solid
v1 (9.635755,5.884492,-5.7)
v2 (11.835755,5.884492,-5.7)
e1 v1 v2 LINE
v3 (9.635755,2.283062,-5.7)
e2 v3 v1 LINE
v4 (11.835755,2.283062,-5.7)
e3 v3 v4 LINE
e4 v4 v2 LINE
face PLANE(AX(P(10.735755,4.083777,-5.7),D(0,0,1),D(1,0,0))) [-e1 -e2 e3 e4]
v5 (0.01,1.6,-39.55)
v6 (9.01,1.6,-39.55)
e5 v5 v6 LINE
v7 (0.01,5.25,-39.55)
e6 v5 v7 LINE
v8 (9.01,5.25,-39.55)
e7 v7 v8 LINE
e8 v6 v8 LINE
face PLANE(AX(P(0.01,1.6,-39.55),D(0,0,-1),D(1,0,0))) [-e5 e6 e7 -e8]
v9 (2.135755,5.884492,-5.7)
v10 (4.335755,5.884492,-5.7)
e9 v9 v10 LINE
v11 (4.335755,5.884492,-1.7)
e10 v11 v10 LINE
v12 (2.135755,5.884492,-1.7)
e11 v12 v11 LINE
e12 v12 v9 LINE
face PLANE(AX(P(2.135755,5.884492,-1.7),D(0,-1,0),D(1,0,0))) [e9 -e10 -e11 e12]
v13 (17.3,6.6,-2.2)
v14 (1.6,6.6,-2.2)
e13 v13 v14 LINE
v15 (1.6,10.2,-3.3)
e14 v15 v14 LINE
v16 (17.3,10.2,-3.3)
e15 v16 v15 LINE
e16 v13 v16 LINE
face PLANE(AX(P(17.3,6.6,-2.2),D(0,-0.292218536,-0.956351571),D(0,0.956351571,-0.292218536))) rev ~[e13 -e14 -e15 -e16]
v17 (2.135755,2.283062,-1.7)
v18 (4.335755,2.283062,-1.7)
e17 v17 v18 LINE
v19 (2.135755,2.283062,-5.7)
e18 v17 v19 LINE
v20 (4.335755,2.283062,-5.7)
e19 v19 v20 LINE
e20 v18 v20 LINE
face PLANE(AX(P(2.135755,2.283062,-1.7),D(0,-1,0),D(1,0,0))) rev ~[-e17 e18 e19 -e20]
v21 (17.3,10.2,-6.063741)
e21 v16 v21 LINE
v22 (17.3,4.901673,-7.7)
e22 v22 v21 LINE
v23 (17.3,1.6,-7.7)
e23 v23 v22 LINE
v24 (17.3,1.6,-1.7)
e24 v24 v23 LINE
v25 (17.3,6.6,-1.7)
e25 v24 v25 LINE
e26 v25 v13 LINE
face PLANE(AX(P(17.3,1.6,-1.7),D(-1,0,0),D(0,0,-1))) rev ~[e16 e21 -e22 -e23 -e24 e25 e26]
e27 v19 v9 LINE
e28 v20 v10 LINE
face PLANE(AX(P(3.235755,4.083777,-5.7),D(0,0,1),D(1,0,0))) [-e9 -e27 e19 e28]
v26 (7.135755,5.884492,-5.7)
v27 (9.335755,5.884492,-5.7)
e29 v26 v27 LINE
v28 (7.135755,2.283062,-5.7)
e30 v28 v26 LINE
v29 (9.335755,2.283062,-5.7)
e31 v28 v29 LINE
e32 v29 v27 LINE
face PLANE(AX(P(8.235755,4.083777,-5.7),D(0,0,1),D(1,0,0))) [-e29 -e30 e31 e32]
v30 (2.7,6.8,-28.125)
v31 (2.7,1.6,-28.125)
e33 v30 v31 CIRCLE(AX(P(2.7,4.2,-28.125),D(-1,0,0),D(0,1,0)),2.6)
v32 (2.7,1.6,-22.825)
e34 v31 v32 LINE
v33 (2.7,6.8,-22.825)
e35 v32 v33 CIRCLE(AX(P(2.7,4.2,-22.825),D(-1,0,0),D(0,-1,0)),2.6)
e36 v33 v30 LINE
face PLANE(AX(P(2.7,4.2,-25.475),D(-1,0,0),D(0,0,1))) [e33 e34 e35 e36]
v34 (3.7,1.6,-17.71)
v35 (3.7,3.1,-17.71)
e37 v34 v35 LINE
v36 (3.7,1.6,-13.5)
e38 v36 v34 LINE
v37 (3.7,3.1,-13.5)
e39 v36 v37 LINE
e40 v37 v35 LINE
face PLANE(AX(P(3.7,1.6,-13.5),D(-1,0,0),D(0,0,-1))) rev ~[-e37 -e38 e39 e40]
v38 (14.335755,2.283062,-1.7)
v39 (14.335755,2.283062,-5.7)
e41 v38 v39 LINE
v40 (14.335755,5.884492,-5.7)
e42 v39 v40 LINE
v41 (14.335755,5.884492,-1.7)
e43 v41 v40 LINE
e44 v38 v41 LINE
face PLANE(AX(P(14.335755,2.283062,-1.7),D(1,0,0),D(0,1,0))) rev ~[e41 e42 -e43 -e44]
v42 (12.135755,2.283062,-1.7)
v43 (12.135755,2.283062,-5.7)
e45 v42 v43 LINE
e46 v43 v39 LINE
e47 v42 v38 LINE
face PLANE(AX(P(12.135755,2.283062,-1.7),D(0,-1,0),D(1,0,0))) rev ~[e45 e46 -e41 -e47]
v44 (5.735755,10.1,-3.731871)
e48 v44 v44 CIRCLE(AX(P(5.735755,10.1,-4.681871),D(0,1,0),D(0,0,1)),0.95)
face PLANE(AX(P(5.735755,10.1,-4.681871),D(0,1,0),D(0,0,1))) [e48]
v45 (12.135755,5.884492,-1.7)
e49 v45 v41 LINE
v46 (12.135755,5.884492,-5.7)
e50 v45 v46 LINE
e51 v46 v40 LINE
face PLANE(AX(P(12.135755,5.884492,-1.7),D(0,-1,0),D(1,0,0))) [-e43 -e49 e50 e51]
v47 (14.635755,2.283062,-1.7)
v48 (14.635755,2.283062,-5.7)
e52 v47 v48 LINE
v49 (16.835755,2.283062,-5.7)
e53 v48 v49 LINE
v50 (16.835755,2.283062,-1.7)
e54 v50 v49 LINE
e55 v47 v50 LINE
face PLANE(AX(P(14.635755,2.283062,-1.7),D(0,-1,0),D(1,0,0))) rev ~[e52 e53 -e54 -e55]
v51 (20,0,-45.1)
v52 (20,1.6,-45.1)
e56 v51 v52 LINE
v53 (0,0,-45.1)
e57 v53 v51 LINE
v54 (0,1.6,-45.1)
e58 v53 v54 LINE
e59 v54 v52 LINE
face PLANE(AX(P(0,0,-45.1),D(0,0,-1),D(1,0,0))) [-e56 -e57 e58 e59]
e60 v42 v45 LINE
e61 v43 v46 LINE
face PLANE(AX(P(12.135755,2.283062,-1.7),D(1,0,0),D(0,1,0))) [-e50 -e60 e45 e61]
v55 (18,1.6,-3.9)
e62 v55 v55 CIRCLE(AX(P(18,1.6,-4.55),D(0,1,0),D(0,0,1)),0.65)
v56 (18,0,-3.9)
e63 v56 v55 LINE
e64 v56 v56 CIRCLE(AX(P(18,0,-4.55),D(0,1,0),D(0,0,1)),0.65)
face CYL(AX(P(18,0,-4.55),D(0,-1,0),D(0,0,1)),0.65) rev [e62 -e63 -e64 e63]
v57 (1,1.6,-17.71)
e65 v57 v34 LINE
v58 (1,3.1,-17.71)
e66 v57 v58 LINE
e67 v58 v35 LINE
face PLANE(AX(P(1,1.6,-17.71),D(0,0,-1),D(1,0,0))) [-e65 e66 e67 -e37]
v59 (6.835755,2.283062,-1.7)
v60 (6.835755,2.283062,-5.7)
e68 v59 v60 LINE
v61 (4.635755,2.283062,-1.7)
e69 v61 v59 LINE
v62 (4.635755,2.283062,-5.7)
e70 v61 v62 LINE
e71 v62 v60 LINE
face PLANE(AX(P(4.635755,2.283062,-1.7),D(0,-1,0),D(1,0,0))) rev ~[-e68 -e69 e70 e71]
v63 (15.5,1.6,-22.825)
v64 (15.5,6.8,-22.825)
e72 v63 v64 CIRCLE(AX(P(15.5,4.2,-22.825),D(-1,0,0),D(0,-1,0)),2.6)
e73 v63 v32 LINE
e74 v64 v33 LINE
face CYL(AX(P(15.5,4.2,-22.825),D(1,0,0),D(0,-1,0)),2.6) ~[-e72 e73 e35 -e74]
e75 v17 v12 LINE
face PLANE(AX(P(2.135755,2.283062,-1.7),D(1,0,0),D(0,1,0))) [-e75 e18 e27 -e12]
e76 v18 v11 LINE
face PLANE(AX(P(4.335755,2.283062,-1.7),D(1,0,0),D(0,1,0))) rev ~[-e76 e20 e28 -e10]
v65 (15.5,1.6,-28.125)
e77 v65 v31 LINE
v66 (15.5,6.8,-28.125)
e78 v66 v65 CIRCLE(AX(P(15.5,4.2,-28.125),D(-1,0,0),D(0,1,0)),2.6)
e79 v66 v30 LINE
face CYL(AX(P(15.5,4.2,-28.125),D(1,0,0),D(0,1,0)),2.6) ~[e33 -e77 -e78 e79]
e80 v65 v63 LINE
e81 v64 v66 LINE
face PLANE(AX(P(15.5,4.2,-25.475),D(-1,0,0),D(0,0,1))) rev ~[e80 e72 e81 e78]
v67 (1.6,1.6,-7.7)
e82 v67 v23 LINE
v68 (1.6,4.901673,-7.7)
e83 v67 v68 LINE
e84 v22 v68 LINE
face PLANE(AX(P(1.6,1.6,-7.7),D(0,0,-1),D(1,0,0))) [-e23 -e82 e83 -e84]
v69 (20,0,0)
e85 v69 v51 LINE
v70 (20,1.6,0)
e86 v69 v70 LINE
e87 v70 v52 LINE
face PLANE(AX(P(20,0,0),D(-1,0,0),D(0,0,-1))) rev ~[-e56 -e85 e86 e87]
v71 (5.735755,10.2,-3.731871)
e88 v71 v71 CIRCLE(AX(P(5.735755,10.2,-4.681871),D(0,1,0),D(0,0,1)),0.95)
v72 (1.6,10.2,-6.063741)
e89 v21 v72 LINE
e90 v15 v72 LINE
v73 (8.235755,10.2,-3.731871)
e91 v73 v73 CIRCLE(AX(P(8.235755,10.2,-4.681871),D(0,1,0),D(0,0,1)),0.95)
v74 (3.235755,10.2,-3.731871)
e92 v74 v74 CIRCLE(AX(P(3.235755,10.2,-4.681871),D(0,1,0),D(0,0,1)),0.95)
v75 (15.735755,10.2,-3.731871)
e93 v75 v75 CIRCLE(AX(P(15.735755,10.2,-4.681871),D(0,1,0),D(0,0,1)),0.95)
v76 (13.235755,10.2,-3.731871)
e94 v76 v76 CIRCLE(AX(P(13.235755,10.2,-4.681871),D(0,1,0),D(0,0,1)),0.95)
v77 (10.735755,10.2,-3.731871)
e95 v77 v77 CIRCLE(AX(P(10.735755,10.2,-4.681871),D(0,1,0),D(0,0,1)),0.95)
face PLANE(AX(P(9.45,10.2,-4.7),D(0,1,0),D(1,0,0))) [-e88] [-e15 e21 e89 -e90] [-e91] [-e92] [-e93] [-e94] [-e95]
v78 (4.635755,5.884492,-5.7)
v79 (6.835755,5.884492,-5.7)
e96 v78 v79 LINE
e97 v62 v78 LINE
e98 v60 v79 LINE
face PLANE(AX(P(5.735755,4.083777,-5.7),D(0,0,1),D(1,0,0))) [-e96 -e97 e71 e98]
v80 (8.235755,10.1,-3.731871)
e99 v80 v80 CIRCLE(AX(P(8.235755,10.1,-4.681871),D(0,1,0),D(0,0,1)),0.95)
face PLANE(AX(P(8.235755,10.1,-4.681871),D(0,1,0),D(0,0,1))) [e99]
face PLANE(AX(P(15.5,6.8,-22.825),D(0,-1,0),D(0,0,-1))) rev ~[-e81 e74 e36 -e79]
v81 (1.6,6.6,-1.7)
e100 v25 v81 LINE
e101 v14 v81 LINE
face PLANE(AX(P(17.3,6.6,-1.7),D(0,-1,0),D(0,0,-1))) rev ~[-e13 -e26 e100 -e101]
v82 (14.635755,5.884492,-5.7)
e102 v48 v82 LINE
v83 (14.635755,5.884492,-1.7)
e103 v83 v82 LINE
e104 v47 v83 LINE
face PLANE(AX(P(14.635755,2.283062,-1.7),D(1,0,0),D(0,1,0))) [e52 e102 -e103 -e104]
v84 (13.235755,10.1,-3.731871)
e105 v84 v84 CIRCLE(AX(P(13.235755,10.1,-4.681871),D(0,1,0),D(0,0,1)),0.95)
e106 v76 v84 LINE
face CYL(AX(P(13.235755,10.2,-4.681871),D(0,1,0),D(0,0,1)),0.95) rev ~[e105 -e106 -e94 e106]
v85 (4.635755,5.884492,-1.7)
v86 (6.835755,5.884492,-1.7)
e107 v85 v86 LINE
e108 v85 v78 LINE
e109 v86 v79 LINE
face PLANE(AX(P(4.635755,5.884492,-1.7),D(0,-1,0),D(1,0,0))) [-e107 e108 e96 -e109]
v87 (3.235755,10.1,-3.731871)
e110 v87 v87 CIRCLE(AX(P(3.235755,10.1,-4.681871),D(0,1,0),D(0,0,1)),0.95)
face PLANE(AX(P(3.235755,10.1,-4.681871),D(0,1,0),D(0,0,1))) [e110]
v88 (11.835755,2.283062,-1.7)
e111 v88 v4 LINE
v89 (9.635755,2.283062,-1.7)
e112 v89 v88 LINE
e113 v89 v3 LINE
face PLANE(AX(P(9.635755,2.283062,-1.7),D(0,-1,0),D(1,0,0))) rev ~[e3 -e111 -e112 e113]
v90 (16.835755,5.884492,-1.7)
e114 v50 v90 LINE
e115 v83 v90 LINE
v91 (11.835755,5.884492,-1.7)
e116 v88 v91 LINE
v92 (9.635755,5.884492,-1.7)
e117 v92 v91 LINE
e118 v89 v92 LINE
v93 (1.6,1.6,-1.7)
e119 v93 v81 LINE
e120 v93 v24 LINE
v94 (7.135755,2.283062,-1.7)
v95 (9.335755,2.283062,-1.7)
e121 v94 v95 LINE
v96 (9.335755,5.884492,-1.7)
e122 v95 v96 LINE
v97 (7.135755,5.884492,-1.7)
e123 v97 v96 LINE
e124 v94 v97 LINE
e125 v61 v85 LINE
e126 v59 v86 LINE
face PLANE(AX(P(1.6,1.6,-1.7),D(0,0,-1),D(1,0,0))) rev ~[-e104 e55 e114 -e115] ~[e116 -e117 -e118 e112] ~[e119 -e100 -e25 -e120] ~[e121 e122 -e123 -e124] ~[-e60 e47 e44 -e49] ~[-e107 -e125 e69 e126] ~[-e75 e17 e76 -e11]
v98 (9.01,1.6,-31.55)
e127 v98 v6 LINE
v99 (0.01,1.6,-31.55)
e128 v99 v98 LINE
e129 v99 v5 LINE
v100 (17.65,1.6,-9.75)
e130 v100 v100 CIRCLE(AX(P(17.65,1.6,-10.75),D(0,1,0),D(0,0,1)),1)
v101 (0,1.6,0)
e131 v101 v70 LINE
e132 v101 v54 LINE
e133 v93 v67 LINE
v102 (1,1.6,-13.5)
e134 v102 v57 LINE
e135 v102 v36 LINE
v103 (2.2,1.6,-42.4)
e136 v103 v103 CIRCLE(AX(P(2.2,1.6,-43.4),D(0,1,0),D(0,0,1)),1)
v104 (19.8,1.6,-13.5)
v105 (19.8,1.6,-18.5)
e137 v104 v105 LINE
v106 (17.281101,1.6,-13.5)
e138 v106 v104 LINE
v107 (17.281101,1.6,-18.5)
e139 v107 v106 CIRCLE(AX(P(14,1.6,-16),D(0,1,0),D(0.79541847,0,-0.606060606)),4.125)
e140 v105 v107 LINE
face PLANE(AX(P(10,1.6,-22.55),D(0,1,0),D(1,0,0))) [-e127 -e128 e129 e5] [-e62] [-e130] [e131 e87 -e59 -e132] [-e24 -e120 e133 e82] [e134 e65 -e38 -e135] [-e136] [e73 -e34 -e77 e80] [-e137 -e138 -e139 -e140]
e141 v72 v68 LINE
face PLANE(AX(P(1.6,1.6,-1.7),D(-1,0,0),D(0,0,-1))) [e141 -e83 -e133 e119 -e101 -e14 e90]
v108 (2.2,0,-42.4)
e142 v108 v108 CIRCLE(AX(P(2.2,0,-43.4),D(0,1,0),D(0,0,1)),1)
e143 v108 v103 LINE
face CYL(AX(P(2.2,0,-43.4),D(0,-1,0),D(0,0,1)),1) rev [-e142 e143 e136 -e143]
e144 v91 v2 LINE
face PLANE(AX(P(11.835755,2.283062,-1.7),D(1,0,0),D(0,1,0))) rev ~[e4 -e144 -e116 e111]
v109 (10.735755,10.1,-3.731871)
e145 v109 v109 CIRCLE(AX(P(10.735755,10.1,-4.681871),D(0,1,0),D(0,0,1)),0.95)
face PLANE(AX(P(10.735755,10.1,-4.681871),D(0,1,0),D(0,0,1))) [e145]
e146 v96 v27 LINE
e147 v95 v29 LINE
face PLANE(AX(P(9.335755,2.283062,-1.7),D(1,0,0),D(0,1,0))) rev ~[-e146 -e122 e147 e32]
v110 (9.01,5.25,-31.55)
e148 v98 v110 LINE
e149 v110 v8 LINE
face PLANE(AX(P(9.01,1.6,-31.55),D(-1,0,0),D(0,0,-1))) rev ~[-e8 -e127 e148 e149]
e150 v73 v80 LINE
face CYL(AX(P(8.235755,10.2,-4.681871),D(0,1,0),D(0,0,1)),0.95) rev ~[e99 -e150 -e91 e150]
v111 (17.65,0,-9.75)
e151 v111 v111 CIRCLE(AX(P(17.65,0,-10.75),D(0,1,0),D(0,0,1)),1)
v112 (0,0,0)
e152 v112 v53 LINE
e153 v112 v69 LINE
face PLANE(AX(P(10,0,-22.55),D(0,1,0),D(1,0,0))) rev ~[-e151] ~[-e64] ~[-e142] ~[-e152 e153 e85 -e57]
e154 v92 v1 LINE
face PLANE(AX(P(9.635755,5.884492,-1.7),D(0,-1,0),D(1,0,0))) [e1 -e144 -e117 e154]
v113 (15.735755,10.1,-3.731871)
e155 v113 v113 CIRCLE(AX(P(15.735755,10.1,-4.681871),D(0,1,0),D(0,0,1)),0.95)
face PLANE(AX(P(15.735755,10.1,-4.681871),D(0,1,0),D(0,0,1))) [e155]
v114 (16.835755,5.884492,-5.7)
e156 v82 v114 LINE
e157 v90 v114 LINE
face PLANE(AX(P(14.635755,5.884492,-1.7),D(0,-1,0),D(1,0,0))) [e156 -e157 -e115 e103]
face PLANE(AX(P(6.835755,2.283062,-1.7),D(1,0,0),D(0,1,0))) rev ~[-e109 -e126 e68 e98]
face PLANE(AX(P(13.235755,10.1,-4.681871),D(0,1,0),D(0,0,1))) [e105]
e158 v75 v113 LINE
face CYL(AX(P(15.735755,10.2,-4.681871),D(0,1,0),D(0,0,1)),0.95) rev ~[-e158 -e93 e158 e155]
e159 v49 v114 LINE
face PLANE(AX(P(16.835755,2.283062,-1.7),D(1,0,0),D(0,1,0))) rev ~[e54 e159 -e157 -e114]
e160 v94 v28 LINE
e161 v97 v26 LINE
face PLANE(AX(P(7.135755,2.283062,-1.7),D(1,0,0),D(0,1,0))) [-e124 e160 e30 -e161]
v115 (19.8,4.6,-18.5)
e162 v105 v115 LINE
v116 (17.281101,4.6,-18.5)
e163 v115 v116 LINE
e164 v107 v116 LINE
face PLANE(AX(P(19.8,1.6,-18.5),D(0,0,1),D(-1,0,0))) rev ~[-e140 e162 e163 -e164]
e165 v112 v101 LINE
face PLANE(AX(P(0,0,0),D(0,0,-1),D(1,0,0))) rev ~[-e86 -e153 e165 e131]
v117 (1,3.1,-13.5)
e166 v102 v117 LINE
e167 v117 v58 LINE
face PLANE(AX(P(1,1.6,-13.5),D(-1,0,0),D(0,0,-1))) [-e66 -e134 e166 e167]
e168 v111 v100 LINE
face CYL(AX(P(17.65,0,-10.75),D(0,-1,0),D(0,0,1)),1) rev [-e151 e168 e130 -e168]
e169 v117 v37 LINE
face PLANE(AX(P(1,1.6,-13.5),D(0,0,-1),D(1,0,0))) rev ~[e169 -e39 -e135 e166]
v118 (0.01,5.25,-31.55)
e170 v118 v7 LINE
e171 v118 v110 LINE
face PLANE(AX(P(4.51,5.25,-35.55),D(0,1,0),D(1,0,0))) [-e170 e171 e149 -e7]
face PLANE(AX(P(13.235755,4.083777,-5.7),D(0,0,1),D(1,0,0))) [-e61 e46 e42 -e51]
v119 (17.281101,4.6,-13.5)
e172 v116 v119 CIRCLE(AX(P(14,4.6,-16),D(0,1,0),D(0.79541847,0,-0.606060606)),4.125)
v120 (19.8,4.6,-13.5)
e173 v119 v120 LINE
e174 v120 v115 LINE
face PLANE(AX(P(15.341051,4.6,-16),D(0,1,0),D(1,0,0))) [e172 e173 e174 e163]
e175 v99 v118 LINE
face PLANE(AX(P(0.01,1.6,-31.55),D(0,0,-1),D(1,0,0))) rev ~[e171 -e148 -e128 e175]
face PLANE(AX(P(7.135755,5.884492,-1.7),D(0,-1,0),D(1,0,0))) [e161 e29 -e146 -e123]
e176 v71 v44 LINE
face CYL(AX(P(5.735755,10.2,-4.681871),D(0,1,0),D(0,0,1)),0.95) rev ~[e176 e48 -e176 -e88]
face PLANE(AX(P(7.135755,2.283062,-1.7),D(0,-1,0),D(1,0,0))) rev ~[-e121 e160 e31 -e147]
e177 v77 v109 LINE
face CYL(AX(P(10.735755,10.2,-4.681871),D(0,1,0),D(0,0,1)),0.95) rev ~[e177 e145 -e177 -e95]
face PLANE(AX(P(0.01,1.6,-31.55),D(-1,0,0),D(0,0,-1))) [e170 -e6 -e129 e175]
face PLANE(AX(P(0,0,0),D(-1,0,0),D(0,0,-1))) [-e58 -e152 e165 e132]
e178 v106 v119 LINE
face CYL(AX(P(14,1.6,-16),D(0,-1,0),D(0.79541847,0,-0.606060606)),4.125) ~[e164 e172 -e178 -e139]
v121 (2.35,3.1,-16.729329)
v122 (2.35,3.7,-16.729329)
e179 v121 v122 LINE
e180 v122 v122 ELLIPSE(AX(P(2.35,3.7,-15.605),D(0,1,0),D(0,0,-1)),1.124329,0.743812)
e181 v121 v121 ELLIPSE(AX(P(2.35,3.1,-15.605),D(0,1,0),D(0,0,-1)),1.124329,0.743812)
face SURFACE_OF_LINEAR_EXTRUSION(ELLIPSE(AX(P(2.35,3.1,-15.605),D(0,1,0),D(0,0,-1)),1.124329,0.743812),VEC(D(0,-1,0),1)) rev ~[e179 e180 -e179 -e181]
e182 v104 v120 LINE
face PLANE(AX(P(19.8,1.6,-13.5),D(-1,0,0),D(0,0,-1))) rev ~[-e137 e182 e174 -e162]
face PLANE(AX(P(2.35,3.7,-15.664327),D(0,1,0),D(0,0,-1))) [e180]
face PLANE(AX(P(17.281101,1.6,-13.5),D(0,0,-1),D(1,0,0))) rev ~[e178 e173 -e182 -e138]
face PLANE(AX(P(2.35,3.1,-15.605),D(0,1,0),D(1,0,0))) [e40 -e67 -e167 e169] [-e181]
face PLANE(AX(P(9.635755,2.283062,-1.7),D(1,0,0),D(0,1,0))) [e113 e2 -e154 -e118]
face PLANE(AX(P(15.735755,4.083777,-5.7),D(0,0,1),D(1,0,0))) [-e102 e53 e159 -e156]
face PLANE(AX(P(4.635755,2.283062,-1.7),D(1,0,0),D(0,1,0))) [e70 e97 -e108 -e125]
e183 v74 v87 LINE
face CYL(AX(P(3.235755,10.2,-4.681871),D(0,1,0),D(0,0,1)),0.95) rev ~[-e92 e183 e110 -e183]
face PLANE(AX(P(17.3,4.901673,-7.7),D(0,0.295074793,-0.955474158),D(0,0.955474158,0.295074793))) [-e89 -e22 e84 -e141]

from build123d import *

# Parameters (mm, degrees)
SKETCH1_W           = 20
SKETCH1_H           = 45.1
SKETCH1_R           = 1
SKETCH1_R_2         = 0.65
BOSS_EXTRUDE1_DEPTH = 1.6
SKETCH2_W           = 15.7
SKETCH2_H           = 6
BOSS_EXTRUDE2_DEPTH = 8.6
CUT_EXTRUDE1_DEPTH  = 18.3
SKETCH4_W           = 2.2
SKETCH4_H           = 3.601430215
CUT_EXTRUDE2_DEPTH  = 4
SKETCH5_R           = 0.95
CUT_EXTRUDE3_DEPTH  = 0.1
SKETCH6_W           = 2.7
SKETCH6_H           = 4.21
BOSS_EXTRUDE3_DEPTH = 1.5
SKETCH7_RX          = 1.124329337
SKETCH7_RY          = 0.743812381
BOSS_EXTRUDE4_DEPTH = 0.6
BOSS_EXTRUDE5_DEPTH = 3
BOSS_EXTRUDE6_DEPTH = 12.8
SKETCH10_W          = 9
SKETCH10_H          = 8
BOSS_EXTRUDE7_DEPTH = 3.65


with BuildPart() as part:
    # Sketch1 → Boss-Extrude1 (new body)
    with BuildSketch(Plane(origin=(0, 0, 0), x_dir=(1, 0, 0), z_dir=(0, 1, 0))):
        with Locations((10, 22.55)):
            Rectangle(SKETCH1_W, SKETCH1_H)
        with Locations(Location((2.2, 43.4, 0), (0, 0, 270))):  # turned: the seam where the file's is
            Circle(SKETCH1_R, mode=Mode.SUBTRACT)
        with Locations(Location((17.65, 10.75, 0), (0, 0, 270))):  # turned: the seam where the file's is
            Circle(SKETCH1_R, mode=Mode.SUBTRACT)
        with Locations(Location((18, 4.55, 0), (0, 0, 270))):  # turned: the seam where the file's is
            Circle(SKETCH1_R_2, mode=Mode.SUBTRACT)
    extrude(amount=BOSS_EXTRUDE1_DEPTH)

    # Sketch2 → Boss-Extrude2 (add)
    with BuildSketch(Plane(origin=(0, 1.6, 0), x_dir=(1, 0, 0), z_dir=(0, 1, 0))):
        with Locations((9.45, 4.7)):
            Rectangle(SKETCH2_W, SKETCH2_H)
    extrude(amount=BOSS_EXTRUDE2_DEPTH)

    # Sketch3 → Cut-Extrude1 (cut, through all)
    with BuildSketch(Plane(origin=(17.3, 0, 0), x_dir=(0, 0, -1), z_dir=(1, 0, 0))):
        Polygon((1.7, 6.6), (2.2, 6.6), (3.3, 10.2), (1.7, 10.2), align=None)
        Polygon((6.063741388, 10.2), (7.7, 10.2), (7.7, 4.901672733), align=None)
    extrude(amount=-CUT_EXTRUDE1_DEPTH, mode=Mode.SUBTRACT)

    # Sketch4 → Cut-Extrude2 (cut)
    with BuildSketch(Plane.XY.offset(-1.7)):
        with Locations((5.735754943, 4.083777336)):
            Rectangle(SKETCH4_W, SKETCH4_H)
        with Locations((3.235754943, 4.083777336)):
            Rectangle(SKETCH4_W, SKETCH4_H)
        with Locations((8.235754943, 4.083777336)):
            Rectangle(SKETCH4_W, SKETCH4_H)
        with Locations((10.735754943, 4.083777336)):
            Rectangle(SKETCH4_W, SKETCH4_H)
        with Locations((13.235754943, 4.083777336)):
            Rectangle(SKETCH4_W, SKETCH4_H)
        with Locations((15.735754943, 4.083777336)):
            Rectangle(SKETCH4_W, SKETCH4_H)
    extrude(amount=-CUT_EXTRUDE2_DEPTH, mode=Mode.SUBTRACT)

    # Sketch5 → Cut-Extrude3 (cut)
    with BuildSketch(Plane(origin=(0, 10.2, 0), x_dir=(1, 0, 0), z_dir=(0, 1, 0))):
        with Locations(Location((3.235754943, 4.681870694, 0), (0, 0, 270))):  # turned: the seam where the file's is
            Circle(SKETCH5_R)
        with Locations(Location((5.735754943, 4.681870694, 0), (0, 0, 270))):  # turned: the seam where the file's is
            Circle(SKETCH5_R)
        with Locations(Location((8.235754943, 4.681870694, 0), (0, 0, 270))):  # turned: the seam where the file's is
            Circle(SKETCH5_R)
        with Locations(Location((10.735754943, 4.681870694, 0), (0, 0, 270))):  # turned: the seam where the file's is
            Circle(SKETCH5_R)
        with Locations(Location((13.235754943, 4.681870694, 0), (0, 0, 270))):  # turned: the seam where the file's is
            Circle(SKETCH5_R)
        with Locations(Location((15.735754943, 4.681870694, 0), (0, 0, 270))):  # turned: the seam where the file's is
            Circle(SKETCH5_R)
    extrude(amount=-CUT_EXTRUDE3_DEPTH, mode=Mode.SUBTRACT)

    # Sketch6 → Boss-Extrude3 (add)
    with BuildSketch(Plane(origin=(0, 1.6, 0), x_dir=(1, 0, 0), z_dir=(0, 1, 0))):
        with Locations((2.35, 15.605)):
            Rectangle(SKETCH6_W, SKETCH6_H)
    extrude(amount=BOSS_EXTRUDE3_DEPTH)

    # Sketch7 → Boss-Extrude4 (add)
    with BuildSketch(Plane(origin=(0, 3.1, 0), x_dir=(1, 0, 0), z_dir=(0, 1, 0))):
        with Locations(Location((2.35, 15.605), (0, 0, 90))):
            Ellipse(SKETCH7_RX, SKETCH7_RY)
    extrude(amount=BOSS_EXTRUDE4_DEPTH)

    # Sketch8 → Boss-Extrude5 (add)
    with BuildSketch(Plane(origin=(0, 1.6, 0), x_dir=(1, 0, 0), z_dir=(0, 1, 0))):
        with BuildLine():
            Line((17.281101187, 13.5), (19.8, 13.5))
            Line((19.8, 13.5), (19.8, 18.5))
            Line((19.8, 18.5), (17.281101187, 18.5))
            ThreePointArc((17.281101187, 18.5), (9.875, 16), (17.281101187, 13.5))
        make_face()
    extrude(amount=BOSS_EXTRUDE5_DEPTH)

    # Sketch9 → Boss-Extrude6 (add)
    with BuildSketch(Plane(origin=(15.5, 0, 0), x_dir=(0, 0, -1), z_dir=(1, 0, 0))):
        with BuildLine():
            Line((22.825, 6.8), (28.125, 6.8))
            ThreePointArc((28.125, 6.8), (30.725, 4.2), (28.125, 1.6))
            Line((28.125, 1.6), (22.825, 1.6))
            ThreePointArc((22.825, 1.6), (20.225, 4.2), (22.825, 6.8))
        make_face()
    extrude(amount=-BOSS_EXTRUDE6_DEPTH)

    # Sketch10 → Boss-Extrude7 (add)
    with BuildSketch(Plane(origin=(0, 1.6, 0), x_dir=(1, 0, 0), z_dir=(0, 1, 0))):
        with Locations((4.51, 35.55)):
            Rectangle(SKETCH10_W, SKETCH10_H)
    extrude(amount=BOSS_EXTRUDE7_DEPTH)


solid = part.part
